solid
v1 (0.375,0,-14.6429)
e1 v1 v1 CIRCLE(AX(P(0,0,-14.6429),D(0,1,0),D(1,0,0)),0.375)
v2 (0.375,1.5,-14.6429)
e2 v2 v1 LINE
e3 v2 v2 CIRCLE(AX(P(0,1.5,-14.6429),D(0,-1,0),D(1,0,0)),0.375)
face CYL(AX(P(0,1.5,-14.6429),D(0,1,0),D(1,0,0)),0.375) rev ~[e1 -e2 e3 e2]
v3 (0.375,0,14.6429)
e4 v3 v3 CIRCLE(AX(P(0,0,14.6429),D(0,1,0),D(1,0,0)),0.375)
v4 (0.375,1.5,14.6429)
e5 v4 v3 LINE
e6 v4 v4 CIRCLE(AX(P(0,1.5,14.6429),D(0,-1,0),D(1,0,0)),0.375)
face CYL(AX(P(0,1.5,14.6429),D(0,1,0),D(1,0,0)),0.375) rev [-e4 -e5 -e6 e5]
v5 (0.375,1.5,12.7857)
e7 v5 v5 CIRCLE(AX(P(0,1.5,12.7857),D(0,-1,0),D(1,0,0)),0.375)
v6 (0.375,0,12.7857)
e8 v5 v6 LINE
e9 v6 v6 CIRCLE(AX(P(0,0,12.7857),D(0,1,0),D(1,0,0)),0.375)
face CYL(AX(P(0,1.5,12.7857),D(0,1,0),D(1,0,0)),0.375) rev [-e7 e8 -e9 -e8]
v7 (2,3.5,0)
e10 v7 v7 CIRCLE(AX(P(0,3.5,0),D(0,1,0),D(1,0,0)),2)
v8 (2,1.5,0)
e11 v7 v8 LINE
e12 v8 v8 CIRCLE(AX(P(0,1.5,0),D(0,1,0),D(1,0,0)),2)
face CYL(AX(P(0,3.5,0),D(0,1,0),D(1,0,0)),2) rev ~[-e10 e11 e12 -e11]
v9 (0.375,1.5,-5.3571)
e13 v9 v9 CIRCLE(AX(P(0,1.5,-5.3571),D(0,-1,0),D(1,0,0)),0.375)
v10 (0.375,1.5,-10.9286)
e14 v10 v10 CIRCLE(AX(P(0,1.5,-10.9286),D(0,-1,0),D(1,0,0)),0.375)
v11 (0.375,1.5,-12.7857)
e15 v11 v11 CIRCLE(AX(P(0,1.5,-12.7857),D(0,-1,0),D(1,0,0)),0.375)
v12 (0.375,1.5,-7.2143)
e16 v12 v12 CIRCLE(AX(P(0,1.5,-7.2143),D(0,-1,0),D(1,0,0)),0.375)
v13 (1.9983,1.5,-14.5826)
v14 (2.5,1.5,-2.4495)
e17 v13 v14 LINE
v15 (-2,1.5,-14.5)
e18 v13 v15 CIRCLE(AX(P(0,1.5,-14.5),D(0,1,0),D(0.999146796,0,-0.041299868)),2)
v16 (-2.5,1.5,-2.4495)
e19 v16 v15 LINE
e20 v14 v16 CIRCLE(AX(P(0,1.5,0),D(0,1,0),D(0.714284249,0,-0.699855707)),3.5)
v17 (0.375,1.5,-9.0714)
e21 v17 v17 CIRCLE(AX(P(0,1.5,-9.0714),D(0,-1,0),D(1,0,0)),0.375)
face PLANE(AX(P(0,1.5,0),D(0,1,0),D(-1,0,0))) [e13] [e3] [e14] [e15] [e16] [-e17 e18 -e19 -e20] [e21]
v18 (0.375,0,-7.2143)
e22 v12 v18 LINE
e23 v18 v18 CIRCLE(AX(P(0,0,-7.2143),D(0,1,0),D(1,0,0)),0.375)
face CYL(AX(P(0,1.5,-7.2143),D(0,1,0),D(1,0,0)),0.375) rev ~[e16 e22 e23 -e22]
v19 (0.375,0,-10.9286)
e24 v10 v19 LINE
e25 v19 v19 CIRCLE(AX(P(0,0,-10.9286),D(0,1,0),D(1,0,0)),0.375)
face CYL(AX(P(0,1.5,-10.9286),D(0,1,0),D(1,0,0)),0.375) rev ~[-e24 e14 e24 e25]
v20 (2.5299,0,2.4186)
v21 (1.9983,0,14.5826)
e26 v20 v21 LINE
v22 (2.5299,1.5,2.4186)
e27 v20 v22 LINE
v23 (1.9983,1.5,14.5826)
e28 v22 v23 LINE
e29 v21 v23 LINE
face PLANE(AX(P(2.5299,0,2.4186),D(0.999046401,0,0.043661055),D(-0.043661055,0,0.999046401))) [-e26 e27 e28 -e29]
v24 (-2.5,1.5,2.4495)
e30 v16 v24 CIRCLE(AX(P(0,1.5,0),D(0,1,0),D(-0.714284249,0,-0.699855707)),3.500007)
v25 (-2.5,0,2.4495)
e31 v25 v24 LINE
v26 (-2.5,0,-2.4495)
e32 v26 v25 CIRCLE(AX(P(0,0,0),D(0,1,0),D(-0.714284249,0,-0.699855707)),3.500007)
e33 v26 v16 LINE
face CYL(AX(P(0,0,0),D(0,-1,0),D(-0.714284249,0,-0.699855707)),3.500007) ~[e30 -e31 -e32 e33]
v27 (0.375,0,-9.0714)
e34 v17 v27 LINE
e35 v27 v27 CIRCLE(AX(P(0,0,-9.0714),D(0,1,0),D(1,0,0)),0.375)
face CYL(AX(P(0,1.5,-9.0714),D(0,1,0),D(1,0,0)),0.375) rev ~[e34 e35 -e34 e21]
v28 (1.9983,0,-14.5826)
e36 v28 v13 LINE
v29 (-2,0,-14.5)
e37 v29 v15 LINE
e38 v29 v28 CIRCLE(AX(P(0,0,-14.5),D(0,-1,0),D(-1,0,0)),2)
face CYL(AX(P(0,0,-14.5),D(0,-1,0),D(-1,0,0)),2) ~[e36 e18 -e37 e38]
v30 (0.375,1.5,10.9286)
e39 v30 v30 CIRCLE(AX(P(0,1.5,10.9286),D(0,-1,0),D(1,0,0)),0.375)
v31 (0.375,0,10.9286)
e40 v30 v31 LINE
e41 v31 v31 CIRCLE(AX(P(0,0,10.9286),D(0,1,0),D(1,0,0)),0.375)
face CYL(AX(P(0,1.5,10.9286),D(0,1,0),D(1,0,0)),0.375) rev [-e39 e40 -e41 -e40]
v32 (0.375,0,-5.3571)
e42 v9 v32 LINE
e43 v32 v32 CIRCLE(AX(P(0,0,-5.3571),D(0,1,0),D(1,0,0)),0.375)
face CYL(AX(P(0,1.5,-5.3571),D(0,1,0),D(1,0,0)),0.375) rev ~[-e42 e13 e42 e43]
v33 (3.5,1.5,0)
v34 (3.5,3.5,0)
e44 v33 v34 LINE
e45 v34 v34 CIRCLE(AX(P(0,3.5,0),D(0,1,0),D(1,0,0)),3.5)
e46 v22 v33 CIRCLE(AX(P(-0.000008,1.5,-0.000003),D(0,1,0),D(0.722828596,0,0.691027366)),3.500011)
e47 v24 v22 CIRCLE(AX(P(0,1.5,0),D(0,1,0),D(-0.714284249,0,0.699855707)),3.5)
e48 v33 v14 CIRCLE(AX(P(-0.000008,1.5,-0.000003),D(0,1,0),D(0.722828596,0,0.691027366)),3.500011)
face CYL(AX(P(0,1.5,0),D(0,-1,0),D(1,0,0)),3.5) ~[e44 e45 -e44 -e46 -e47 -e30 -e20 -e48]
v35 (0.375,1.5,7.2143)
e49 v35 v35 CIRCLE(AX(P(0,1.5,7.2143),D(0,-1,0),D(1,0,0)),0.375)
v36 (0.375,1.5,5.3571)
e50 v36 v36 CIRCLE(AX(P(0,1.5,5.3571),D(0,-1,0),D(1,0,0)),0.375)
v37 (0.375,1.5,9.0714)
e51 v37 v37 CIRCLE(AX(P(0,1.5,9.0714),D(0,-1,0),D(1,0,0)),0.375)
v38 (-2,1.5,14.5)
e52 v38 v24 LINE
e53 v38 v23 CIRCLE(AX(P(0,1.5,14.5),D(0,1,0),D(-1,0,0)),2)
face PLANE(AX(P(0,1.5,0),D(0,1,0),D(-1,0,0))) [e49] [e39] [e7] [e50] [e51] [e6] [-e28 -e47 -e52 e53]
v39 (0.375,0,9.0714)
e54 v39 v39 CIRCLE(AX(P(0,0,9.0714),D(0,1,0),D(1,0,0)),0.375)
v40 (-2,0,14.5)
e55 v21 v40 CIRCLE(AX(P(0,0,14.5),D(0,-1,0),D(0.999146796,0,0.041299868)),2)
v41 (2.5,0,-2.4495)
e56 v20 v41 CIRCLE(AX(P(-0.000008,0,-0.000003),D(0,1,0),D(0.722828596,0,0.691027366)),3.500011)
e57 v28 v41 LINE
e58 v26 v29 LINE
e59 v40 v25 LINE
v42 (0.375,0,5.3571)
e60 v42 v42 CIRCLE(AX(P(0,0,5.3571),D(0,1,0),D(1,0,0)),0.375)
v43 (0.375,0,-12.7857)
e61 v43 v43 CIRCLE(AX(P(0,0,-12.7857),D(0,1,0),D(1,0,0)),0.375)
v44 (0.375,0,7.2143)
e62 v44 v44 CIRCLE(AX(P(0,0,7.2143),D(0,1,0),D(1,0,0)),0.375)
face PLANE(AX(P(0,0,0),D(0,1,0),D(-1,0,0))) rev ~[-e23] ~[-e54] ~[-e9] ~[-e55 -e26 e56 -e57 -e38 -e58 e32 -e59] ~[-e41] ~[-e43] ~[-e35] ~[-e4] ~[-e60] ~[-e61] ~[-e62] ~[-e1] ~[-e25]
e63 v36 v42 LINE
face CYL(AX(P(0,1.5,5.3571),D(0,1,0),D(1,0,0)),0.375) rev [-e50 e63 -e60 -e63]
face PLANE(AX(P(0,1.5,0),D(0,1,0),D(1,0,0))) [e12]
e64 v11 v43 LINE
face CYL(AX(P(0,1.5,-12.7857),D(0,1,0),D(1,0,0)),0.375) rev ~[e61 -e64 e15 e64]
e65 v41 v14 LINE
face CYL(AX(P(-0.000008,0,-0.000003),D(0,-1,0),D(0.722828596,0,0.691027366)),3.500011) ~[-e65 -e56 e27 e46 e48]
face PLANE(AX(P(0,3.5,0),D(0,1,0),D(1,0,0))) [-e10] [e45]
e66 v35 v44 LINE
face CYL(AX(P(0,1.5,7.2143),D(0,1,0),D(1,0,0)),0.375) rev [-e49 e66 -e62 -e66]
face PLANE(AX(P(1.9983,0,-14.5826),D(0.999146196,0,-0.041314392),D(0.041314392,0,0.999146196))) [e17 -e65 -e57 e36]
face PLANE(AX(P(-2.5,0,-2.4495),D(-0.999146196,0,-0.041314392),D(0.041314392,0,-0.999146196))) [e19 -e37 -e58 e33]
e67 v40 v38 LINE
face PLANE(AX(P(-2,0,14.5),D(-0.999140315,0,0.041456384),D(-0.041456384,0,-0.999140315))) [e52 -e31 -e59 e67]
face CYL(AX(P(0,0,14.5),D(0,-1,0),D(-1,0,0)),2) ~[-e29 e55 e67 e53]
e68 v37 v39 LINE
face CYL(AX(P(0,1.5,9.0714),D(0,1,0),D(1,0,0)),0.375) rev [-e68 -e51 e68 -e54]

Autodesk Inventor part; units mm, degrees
ref_plane "YZ Plane" through (0, 0, 0) normal (1, 0, 0) x (0, 1, 0)
ref_plane "XZ Plane" through (0, 0, 0) normal (0, 1, 0) x (-1, 0, 0)
ref_plane "XY Plane" through (0, 0, 0) normal (0, 0, 1) x (1, 0, 0)
sketch "Sketch1" plane through (0, 0, 0) normal (0, 1, 0) x (-1, 0, 0)
  line L0 (0, 0) -> (0, -16.5)
  line L1 (0, -16.5) -> (0, 16.5)
  circle A0 centre (0, -14.5) radius 2
  circle A1 centre (0, 14.5) radius 2
  line L2 (3.5, 0) -> (2.5, 0)
  line L3 (2, 14.5) -> (2.5, 2.4495)
  line L4 (2.5, -2.4495) -> (1.9983, -14.5826)
  line L5 (-1.9983, -14.5826) -> (-2.5, -2.4495)
  line L6 (-2.5299, 2.4186) -> (-1.9983, 14.5826)
  arc A2 (2.5, -2.4495) -> (2.5, 2.4495) centre (0, 0) ccw
  arc A3 (-2.5299, 2.4186) -> (-2.5, -2.4495) centre (0, 0) ccw
  dimension "d2" = 33
  dimension "d3" = 4
  dimension "d4" = 4
  dimension "d5" = 2
  dimension "d6" = 2
  dimension "d7" = 1
extrude "Extrusion1" add sketch "Sketch1" along normal blind 1.5
sketch "Sketch2" plane through (0, 1.5, 0) normal (0, 1, 0) x (1, 0, 0)
  circle A0 centre (0, 0) radius 3.5
extrude "Extrusion2" add sketch "Sketch2" along normal blind 2
sketch "Sketch3" plane through (0, 3.5, 0) normal (0, 1, 0) x (1, 0, 0)
  circle A0 centre (0, 0) radius 2
  dimension "d13" = 4
extrude "Extrusion3" cut sketch "Sketch3" against normal blind 2
sketch "Sketch4" plane through (0, 1.5, 0) normal (0, 1, 0) x (1, 0, 0)
  circle A0 centre (0, 5.3571) radius 0.375
  circle A1 centre (0, 7.2143) radius 0.375
  circle A2 centre (0, 9.0714) radius 0.375
  circle A3 centre (0, 10.9286) radius 0.375
  circle A4 centre (0, 12.7857) radius 0.375
  circle A5 centre (0, 14.6429) radius 0.375
  arc A6 (2.5, 2.4495) -> (-2.5, 2.4495) centre (0, 0) ccw projected
  dimension "d16" = 0.75
  dimension "d17" = 0.75
  dimension "d18" = 0.75
  dimension "d19" = 0.75
  dimension "d20" = 0.75
  dimension "d21" = 0.75
  dimension "d22" = 1.8571
  dimension "d23" = 5.3571
  dimension "d24" = 1.8571
  dimension "d25" = 1.8571
  dimension "d26" = 1.8571
  dimension "d27" = 1.8571
extrude "Extrusion4" cut sketch "Sketch4" against normal blind 2
mirror "Mirror1" about plane through (0, 0, 0) normal (0, 0, 1) of "Extrusion4"
properties part number "Micro Servo 9g Arm"
